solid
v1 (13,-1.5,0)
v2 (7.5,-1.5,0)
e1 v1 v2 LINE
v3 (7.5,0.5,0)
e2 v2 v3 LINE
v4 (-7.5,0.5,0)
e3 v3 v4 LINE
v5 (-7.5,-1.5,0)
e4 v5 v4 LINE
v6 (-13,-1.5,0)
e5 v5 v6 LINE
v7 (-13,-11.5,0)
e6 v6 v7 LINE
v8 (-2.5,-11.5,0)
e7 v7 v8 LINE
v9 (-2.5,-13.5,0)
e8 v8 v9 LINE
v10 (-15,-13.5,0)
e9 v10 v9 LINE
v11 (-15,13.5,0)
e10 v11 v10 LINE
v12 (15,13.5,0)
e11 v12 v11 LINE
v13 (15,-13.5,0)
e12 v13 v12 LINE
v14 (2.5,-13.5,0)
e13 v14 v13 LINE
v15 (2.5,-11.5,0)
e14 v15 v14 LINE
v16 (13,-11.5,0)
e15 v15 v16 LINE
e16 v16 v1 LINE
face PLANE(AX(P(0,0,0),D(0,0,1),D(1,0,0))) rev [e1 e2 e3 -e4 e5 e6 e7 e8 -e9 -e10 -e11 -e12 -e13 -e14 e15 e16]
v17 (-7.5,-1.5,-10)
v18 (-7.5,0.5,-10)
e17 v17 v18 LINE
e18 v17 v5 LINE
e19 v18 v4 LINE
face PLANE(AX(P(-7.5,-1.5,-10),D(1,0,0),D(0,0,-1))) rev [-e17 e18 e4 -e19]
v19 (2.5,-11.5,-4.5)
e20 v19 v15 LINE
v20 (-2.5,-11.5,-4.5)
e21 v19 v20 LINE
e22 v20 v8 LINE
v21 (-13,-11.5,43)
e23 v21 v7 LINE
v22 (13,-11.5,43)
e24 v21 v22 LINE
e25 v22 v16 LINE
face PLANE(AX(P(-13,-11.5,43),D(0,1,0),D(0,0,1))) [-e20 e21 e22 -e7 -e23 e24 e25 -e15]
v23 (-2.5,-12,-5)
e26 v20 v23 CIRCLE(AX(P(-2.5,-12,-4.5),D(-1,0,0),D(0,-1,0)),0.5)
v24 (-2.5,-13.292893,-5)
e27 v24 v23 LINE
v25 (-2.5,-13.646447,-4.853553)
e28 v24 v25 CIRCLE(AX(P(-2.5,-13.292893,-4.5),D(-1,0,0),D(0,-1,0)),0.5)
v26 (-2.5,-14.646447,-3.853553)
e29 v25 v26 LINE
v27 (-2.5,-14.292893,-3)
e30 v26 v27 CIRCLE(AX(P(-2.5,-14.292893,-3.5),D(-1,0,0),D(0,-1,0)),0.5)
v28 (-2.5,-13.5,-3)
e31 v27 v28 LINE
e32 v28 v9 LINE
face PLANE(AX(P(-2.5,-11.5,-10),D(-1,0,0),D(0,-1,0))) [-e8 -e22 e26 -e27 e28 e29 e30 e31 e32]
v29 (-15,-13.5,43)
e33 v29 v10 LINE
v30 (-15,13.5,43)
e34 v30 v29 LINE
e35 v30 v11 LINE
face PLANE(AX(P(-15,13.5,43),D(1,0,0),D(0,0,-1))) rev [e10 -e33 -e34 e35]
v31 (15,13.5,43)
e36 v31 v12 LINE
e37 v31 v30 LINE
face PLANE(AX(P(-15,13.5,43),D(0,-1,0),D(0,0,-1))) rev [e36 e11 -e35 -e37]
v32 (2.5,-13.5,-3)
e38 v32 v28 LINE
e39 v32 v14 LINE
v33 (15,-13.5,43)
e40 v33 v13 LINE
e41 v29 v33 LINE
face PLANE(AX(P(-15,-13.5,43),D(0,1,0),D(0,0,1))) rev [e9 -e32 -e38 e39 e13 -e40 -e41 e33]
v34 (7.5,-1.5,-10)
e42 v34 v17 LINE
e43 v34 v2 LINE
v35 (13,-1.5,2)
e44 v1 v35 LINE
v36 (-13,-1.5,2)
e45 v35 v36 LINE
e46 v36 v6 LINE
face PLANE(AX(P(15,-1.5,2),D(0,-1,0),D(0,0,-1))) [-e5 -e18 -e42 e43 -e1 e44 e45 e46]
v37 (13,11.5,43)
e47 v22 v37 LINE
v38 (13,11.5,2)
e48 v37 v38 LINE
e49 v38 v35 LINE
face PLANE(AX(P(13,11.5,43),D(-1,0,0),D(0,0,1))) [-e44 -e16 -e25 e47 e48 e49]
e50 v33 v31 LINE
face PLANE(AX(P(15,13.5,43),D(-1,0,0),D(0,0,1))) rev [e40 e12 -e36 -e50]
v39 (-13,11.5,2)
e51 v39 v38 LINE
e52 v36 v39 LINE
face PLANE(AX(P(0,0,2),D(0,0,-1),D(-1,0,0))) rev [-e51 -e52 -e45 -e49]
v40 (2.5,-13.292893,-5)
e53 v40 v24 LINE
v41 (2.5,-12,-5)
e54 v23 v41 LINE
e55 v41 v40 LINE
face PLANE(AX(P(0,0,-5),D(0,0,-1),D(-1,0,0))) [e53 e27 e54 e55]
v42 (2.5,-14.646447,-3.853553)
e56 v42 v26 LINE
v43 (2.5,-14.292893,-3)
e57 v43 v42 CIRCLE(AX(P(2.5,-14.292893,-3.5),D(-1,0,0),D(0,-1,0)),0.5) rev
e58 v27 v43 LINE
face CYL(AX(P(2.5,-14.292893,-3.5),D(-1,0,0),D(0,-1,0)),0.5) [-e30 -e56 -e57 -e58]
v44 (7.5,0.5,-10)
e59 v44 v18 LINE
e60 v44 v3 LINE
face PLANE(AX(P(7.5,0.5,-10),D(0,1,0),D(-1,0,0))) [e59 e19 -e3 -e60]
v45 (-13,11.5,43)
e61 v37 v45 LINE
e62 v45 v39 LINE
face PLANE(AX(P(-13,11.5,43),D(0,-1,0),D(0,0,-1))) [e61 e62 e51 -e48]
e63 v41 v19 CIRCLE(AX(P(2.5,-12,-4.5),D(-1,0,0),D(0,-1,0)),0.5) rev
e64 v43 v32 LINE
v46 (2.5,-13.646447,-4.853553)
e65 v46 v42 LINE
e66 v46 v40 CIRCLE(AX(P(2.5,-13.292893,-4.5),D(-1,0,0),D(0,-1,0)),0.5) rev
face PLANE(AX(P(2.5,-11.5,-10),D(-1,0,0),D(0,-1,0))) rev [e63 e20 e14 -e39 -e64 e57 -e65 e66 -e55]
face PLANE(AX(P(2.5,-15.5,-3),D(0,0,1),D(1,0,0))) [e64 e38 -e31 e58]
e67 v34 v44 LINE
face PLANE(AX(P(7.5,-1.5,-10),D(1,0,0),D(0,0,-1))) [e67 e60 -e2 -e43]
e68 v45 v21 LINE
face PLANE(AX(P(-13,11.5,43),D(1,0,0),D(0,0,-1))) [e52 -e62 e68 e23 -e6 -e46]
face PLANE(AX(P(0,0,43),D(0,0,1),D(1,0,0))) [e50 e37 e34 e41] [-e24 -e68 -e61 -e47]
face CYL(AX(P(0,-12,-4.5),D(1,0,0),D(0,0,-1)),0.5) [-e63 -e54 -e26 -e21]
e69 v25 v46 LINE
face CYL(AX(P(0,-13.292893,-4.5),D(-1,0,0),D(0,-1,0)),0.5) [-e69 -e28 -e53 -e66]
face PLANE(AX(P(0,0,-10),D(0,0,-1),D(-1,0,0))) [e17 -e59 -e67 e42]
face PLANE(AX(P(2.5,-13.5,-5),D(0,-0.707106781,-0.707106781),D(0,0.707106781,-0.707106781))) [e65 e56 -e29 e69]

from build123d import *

# Parameters (mm, degrees)
SKETCH1_W           = 30
SKETCH1_H           = 27
SKETCH1_W_2         = 26
SKETCH1_H_2         = 23
BOSS_EXTRUDE1_DEPTH = 43
SKETCH3_W           = 30
SKETCH3_H           = 15
BOSS_EXTRUDE2_DEPTH = 2
SKETCH5_W           = 15
SKETCH5_H           = 2
SKETCH5_W_2         = 5
BOSS_EXTRUDE3_DEPTH = 10
BOSS_EXTRUDE4_DEPTH = 5
SKETCH7_W           = 5
SKETCH7_H           = 2
CUT_EXTRUDE1_DEPTH  = 5
FILLET3_R           = 0.5


with BuildPart() as part:
    # Sketch1 → Boss-Extrude1 (new body)
    with BuildSketch(Plane.XY):
        Rectangle(SKETCH1_W, SKETCH1_H)
        Rectangle(SKETCH1_W_2, SKETCH1_H_2, mode=Mode.SUBTRACT)
    extrude(amount=BOSS_EXTRUDE1_DEPTH)

    # Sketch3 → Boss-Extrude2 (add)
    with BuildSketch(Plane(origin=(0, 0, 0), x_dir=(-1, 0, 0), z_dir=(0, 0, -1))):
        with Locations((0, 6)):
            Rectangle(SKETCH3_W, SKETCH3_H)
    extrude(amount=-BOSS_EXTRUDE2_DEPTH)

    # Sketch5 → Boss-Extrude3 (add)
    with BuildSketch(Plane(origin=(0, 0, 0), x_dir=(-1, 0, 0), z_dir=(0, 0, -1))):
        with Locations((0, -0.5)):
            Rectangle(SKETCH5_W, SKETCH5_H)
        with Locations((0, -12.5)):
            Rectangle(SKETCH5_W_2, SKETCH5_H)
    extrude(amount=BOSS_EXTRUDE3_DEPTH)

    # Sketch6 → Boss-Extrude4 (add)
    with BuildSketch(Plane.ZY.offset(2.5)):
        Polygon((-5, -13.5), (-3, -15.5), (-3, -13.5), align=None)
    extrude(amount=-BOSS_EXTRUDE4_DEPTH)

    # Sketch7 → Cut-Extrude1 (cut)
    with BuildSketch(Plane(origin=(0, 0, -10), x_dir=(-1, 0, 0), z_dir=(0, 0, -1))):
        with Locations((0, -12.5)):
            Rectangle(SKETCH7_W, SKETCH7_H)
    extrude(amount=-CUT_EXTRUDE1_DEPTH, mode=Mode.SUBTRACT)

    # Fillet3
    fillet3_edges = [part.edges().sort_by_distance(p)[0] for p in [
        (0, -13.5, -5),
        (0, -15.5, -3),
        (0, -11.5, -5),
    ]]
    fillet(fillet3_edges, radius=FILLET3_R)


solid = part.part
